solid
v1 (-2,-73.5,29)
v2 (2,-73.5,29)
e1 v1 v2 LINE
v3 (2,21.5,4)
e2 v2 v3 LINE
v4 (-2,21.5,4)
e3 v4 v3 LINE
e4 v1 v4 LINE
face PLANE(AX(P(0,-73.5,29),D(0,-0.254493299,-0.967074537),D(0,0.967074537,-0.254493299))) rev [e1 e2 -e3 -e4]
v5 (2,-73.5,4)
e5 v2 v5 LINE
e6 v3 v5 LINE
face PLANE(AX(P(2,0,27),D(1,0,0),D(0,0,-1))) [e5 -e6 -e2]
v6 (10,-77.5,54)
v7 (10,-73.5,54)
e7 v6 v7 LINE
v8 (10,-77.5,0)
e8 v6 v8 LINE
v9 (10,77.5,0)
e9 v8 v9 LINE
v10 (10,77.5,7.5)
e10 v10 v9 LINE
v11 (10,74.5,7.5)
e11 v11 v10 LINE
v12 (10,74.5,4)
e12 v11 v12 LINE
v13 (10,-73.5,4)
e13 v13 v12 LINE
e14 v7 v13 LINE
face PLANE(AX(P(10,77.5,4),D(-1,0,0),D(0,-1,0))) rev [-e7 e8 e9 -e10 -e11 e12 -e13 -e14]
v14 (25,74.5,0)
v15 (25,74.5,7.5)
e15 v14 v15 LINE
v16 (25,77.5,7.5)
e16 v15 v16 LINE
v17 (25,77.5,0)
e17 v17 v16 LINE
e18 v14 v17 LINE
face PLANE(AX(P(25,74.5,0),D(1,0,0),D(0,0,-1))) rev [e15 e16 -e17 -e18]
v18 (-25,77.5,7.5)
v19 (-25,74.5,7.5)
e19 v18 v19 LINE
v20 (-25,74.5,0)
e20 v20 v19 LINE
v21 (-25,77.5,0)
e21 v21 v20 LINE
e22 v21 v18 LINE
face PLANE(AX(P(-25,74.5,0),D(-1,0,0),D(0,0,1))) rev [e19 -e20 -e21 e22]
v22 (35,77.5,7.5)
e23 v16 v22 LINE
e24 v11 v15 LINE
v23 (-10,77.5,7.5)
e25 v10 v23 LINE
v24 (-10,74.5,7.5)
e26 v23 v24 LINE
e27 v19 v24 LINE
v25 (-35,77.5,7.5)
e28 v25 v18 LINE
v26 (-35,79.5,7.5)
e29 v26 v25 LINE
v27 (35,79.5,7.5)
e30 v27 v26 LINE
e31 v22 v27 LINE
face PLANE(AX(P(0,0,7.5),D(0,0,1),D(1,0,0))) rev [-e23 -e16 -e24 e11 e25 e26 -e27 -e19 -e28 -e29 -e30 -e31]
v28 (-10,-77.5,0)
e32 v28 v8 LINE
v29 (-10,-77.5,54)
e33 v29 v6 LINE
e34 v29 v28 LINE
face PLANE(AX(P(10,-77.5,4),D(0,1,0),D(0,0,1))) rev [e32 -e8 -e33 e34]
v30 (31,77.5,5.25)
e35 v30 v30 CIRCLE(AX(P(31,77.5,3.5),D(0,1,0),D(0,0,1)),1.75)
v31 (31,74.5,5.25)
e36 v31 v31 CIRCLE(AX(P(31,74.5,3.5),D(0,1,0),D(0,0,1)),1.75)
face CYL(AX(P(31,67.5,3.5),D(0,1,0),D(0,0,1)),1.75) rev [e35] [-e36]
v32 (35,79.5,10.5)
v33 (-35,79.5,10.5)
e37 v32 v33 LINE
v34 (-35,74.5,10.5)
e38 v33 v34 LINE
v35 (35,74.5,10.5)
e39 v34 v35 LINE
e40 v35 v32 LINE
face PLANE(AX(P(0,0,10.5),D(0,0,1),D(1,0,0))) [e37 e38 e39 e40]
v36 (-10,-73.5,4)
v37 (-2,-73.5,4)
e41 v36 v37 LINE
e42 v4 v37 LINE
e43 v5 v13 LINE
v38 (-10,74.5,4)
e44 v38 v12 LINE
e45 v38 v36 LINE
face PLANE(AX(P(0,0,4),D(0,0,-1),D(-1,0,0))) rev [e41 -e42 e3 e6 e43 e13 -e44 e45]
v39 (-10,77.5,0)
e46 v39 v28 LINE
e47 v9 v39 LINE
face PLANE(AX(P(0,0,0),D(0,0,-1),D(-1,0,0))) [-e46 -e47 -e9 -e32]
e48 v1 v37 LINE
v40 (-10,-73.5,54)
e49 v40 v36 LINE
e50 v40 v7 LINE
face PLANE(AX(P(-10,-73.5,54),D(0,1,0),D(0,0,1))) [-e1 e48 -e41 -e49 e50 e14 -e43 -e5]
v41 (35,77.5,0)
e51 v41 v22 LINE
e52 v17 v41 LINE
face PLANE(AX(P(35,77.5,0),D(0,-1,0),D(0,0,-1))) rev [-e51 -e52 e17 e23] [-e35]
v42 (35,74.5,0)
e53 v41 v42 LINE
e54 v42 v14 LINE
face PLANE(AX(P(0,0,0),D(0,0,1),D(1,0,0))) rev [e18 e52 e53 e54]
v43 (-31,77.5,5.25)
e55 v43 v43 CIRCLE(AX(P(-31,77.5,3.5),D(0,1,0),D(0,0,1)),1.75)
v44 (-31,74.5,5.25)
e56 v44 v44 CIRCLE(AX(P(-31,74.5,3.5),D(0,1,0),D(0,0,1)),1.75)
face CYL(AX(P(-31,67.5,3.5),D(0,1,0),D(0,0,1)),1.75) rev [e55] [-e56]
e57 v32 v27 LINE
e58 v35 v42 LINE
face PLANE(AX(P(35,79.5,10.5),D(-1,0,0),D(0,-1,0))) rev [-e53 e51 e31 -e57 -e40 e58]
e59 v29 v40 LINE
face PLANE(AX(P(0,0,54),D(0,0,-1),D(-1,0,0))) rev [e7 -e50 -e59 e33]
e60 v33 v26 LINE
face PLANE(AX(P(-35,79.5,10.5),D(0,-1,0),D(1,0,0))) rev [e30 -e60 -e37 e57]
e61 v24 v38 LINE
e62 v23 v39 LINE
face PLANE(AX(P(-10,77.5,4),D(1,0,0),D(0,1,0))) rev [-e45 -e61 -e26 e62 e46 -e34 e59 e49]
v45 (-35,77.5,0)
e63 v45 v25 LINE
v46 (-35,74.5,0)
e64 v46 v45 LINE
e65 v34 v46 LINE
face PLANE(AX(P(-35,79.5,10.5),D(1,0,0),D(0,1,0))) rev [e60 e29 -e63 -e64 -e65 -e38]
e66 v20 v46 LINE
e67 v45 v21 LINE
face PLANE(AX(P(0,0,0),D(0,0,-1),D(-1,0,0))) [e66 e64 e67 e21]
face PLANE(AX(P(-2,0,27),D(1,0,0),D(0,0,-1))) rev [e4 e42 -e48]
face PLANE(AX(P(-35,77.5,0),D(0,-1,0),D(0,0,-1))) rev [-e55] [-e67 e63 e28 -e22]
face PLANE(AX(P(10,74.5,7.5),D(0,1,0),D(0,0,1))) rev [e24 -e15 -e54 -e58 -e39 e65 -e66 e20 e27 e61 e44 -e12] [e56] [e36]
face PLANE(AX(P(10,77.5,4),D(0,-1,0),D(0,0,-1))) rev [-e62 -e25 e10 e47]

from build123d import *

# Parameters (mm, degrees)
SKETCH1_W           = 20
SKETCH1_H           = 155
BOSS_EXTRUDE1_DEPTH = 4
SKETCH2_W           = 20
SKETCH2_H           = 4
BOSS_EXTRUDE3_DEPTH = 50
RIB2_REACH          = 96.986
SKETCH7_WALL_W      = 290.205463948
SKETCH7_WALL_H      = 4
SKETCH8_W           = 20
SKETCH8_H           = 3
BOSS_EXTRUDE4_DEPTH = 3.5
SKETCH9_W           = 70
SKETCH9_H           = 5
BOSS_EXTRUDE6_DEPTH = 3
SKETCH10_W          = 10
SKETCH10_H          = 3
BOSS_EXTRUDE7_DEPTH = 7.5
SKETCH12_R          = 1.75
CUT_EXTRUDE1_DEPTH  = 10


with BuildPart() as part:
    # Sketch1 → Boss-Extrude1 (new body)
    with BuildSketch(Plane.XY):
        Rectangle(SKETCH1_W, SKETCH1_H)
    extrude(amount=BOSS_EXTRUDE1_DEPTH)

    # Sketch2 → Boss-Extrude3 (add)
    with BuildSketch(Plane.XY.offset(4)):
        with Locations((0, -75.5)):
            Rectangle(SKETCH2_W, SKETCH2_H)
    extrude(amount=BOSS_EXTRUDE3_DEPTH)

    # Sketch7 wall → Rib2 (add, up to next)
    with BuildSketch(Plane(origin=(0, -26, 16.5), x_dir=(0, 0.967074537263, -0.25449329928), z_dir=(0, 0.25449329928, 0.967074537263)), mode=Mode.PRIVATE) as rib2_sk1:
        Rectangle(SKETCH7_WALL_W, SKETCH7_WALL_H)
    rib2_tool1 = extrude(rib2_sk1.sketch, amount=-RIB2_REACH, mode=Mode.PRIVATE) - part.part
    add(rib2_tool1.solids().sort_by_distance((0, -26, 16.5))[0])

    # Sketch8 → Boss-Extrude4 (add)
    with BuildSketch(Plane.XY.offset(4)):
        with Locations((0, 76)):
            Rectangle(SKETCH8_W, SKETCH8_H)
    extrude(amount=BOSS_EXTRUDE4_DEPTH)

    # Sketch9 → Boss-Extrude6 (add)
    with BuildSketch(Plane.XY.offset(7.5)):
        with Locations((0, 77)):
            Rectangle(SKETCH9_W, SKETCH9_H)
    extrude(amount=BOSS_EXTRUDE6_DEPTH)

    # Sketch10 → Boss-Extrude7 (add)
    with BuildSketch(Plane(origin=(0, 0, 7.5), x_dir=(-1, 0, 0), z_dir=(0, 0, -1))):
        with Locations((30, 76)):
            Rectangle(SKETCH10_W, SKETCH10_H)
        with Locations((-30, 76)):
            Rectangle(SKETCH10_W, SKETCH10_H)
    extrude(amount=BOSS_EXTRUDE7_DEPTH)

    # Sketch12 → Cut-Extrude1 (cut)
    with BuildSketch(Plane(origin=(0, 77.5, 0), x_dir=(1, 0, 0), z_dir=(0, 1, 0))):
        with Locations(Location((-31, -3.5, 0), (0, 0, 270))):
            Circle(SKETCH12_R)
        with Locations(Location((31, -3.5, 0), (0, 0, 270))):
            Circle(SKETCH12_R)
    extrude(amount=-CUT_EXTRUDE1_DEPTH, mode=Mode.SUBTRACT)


solid = part.part
